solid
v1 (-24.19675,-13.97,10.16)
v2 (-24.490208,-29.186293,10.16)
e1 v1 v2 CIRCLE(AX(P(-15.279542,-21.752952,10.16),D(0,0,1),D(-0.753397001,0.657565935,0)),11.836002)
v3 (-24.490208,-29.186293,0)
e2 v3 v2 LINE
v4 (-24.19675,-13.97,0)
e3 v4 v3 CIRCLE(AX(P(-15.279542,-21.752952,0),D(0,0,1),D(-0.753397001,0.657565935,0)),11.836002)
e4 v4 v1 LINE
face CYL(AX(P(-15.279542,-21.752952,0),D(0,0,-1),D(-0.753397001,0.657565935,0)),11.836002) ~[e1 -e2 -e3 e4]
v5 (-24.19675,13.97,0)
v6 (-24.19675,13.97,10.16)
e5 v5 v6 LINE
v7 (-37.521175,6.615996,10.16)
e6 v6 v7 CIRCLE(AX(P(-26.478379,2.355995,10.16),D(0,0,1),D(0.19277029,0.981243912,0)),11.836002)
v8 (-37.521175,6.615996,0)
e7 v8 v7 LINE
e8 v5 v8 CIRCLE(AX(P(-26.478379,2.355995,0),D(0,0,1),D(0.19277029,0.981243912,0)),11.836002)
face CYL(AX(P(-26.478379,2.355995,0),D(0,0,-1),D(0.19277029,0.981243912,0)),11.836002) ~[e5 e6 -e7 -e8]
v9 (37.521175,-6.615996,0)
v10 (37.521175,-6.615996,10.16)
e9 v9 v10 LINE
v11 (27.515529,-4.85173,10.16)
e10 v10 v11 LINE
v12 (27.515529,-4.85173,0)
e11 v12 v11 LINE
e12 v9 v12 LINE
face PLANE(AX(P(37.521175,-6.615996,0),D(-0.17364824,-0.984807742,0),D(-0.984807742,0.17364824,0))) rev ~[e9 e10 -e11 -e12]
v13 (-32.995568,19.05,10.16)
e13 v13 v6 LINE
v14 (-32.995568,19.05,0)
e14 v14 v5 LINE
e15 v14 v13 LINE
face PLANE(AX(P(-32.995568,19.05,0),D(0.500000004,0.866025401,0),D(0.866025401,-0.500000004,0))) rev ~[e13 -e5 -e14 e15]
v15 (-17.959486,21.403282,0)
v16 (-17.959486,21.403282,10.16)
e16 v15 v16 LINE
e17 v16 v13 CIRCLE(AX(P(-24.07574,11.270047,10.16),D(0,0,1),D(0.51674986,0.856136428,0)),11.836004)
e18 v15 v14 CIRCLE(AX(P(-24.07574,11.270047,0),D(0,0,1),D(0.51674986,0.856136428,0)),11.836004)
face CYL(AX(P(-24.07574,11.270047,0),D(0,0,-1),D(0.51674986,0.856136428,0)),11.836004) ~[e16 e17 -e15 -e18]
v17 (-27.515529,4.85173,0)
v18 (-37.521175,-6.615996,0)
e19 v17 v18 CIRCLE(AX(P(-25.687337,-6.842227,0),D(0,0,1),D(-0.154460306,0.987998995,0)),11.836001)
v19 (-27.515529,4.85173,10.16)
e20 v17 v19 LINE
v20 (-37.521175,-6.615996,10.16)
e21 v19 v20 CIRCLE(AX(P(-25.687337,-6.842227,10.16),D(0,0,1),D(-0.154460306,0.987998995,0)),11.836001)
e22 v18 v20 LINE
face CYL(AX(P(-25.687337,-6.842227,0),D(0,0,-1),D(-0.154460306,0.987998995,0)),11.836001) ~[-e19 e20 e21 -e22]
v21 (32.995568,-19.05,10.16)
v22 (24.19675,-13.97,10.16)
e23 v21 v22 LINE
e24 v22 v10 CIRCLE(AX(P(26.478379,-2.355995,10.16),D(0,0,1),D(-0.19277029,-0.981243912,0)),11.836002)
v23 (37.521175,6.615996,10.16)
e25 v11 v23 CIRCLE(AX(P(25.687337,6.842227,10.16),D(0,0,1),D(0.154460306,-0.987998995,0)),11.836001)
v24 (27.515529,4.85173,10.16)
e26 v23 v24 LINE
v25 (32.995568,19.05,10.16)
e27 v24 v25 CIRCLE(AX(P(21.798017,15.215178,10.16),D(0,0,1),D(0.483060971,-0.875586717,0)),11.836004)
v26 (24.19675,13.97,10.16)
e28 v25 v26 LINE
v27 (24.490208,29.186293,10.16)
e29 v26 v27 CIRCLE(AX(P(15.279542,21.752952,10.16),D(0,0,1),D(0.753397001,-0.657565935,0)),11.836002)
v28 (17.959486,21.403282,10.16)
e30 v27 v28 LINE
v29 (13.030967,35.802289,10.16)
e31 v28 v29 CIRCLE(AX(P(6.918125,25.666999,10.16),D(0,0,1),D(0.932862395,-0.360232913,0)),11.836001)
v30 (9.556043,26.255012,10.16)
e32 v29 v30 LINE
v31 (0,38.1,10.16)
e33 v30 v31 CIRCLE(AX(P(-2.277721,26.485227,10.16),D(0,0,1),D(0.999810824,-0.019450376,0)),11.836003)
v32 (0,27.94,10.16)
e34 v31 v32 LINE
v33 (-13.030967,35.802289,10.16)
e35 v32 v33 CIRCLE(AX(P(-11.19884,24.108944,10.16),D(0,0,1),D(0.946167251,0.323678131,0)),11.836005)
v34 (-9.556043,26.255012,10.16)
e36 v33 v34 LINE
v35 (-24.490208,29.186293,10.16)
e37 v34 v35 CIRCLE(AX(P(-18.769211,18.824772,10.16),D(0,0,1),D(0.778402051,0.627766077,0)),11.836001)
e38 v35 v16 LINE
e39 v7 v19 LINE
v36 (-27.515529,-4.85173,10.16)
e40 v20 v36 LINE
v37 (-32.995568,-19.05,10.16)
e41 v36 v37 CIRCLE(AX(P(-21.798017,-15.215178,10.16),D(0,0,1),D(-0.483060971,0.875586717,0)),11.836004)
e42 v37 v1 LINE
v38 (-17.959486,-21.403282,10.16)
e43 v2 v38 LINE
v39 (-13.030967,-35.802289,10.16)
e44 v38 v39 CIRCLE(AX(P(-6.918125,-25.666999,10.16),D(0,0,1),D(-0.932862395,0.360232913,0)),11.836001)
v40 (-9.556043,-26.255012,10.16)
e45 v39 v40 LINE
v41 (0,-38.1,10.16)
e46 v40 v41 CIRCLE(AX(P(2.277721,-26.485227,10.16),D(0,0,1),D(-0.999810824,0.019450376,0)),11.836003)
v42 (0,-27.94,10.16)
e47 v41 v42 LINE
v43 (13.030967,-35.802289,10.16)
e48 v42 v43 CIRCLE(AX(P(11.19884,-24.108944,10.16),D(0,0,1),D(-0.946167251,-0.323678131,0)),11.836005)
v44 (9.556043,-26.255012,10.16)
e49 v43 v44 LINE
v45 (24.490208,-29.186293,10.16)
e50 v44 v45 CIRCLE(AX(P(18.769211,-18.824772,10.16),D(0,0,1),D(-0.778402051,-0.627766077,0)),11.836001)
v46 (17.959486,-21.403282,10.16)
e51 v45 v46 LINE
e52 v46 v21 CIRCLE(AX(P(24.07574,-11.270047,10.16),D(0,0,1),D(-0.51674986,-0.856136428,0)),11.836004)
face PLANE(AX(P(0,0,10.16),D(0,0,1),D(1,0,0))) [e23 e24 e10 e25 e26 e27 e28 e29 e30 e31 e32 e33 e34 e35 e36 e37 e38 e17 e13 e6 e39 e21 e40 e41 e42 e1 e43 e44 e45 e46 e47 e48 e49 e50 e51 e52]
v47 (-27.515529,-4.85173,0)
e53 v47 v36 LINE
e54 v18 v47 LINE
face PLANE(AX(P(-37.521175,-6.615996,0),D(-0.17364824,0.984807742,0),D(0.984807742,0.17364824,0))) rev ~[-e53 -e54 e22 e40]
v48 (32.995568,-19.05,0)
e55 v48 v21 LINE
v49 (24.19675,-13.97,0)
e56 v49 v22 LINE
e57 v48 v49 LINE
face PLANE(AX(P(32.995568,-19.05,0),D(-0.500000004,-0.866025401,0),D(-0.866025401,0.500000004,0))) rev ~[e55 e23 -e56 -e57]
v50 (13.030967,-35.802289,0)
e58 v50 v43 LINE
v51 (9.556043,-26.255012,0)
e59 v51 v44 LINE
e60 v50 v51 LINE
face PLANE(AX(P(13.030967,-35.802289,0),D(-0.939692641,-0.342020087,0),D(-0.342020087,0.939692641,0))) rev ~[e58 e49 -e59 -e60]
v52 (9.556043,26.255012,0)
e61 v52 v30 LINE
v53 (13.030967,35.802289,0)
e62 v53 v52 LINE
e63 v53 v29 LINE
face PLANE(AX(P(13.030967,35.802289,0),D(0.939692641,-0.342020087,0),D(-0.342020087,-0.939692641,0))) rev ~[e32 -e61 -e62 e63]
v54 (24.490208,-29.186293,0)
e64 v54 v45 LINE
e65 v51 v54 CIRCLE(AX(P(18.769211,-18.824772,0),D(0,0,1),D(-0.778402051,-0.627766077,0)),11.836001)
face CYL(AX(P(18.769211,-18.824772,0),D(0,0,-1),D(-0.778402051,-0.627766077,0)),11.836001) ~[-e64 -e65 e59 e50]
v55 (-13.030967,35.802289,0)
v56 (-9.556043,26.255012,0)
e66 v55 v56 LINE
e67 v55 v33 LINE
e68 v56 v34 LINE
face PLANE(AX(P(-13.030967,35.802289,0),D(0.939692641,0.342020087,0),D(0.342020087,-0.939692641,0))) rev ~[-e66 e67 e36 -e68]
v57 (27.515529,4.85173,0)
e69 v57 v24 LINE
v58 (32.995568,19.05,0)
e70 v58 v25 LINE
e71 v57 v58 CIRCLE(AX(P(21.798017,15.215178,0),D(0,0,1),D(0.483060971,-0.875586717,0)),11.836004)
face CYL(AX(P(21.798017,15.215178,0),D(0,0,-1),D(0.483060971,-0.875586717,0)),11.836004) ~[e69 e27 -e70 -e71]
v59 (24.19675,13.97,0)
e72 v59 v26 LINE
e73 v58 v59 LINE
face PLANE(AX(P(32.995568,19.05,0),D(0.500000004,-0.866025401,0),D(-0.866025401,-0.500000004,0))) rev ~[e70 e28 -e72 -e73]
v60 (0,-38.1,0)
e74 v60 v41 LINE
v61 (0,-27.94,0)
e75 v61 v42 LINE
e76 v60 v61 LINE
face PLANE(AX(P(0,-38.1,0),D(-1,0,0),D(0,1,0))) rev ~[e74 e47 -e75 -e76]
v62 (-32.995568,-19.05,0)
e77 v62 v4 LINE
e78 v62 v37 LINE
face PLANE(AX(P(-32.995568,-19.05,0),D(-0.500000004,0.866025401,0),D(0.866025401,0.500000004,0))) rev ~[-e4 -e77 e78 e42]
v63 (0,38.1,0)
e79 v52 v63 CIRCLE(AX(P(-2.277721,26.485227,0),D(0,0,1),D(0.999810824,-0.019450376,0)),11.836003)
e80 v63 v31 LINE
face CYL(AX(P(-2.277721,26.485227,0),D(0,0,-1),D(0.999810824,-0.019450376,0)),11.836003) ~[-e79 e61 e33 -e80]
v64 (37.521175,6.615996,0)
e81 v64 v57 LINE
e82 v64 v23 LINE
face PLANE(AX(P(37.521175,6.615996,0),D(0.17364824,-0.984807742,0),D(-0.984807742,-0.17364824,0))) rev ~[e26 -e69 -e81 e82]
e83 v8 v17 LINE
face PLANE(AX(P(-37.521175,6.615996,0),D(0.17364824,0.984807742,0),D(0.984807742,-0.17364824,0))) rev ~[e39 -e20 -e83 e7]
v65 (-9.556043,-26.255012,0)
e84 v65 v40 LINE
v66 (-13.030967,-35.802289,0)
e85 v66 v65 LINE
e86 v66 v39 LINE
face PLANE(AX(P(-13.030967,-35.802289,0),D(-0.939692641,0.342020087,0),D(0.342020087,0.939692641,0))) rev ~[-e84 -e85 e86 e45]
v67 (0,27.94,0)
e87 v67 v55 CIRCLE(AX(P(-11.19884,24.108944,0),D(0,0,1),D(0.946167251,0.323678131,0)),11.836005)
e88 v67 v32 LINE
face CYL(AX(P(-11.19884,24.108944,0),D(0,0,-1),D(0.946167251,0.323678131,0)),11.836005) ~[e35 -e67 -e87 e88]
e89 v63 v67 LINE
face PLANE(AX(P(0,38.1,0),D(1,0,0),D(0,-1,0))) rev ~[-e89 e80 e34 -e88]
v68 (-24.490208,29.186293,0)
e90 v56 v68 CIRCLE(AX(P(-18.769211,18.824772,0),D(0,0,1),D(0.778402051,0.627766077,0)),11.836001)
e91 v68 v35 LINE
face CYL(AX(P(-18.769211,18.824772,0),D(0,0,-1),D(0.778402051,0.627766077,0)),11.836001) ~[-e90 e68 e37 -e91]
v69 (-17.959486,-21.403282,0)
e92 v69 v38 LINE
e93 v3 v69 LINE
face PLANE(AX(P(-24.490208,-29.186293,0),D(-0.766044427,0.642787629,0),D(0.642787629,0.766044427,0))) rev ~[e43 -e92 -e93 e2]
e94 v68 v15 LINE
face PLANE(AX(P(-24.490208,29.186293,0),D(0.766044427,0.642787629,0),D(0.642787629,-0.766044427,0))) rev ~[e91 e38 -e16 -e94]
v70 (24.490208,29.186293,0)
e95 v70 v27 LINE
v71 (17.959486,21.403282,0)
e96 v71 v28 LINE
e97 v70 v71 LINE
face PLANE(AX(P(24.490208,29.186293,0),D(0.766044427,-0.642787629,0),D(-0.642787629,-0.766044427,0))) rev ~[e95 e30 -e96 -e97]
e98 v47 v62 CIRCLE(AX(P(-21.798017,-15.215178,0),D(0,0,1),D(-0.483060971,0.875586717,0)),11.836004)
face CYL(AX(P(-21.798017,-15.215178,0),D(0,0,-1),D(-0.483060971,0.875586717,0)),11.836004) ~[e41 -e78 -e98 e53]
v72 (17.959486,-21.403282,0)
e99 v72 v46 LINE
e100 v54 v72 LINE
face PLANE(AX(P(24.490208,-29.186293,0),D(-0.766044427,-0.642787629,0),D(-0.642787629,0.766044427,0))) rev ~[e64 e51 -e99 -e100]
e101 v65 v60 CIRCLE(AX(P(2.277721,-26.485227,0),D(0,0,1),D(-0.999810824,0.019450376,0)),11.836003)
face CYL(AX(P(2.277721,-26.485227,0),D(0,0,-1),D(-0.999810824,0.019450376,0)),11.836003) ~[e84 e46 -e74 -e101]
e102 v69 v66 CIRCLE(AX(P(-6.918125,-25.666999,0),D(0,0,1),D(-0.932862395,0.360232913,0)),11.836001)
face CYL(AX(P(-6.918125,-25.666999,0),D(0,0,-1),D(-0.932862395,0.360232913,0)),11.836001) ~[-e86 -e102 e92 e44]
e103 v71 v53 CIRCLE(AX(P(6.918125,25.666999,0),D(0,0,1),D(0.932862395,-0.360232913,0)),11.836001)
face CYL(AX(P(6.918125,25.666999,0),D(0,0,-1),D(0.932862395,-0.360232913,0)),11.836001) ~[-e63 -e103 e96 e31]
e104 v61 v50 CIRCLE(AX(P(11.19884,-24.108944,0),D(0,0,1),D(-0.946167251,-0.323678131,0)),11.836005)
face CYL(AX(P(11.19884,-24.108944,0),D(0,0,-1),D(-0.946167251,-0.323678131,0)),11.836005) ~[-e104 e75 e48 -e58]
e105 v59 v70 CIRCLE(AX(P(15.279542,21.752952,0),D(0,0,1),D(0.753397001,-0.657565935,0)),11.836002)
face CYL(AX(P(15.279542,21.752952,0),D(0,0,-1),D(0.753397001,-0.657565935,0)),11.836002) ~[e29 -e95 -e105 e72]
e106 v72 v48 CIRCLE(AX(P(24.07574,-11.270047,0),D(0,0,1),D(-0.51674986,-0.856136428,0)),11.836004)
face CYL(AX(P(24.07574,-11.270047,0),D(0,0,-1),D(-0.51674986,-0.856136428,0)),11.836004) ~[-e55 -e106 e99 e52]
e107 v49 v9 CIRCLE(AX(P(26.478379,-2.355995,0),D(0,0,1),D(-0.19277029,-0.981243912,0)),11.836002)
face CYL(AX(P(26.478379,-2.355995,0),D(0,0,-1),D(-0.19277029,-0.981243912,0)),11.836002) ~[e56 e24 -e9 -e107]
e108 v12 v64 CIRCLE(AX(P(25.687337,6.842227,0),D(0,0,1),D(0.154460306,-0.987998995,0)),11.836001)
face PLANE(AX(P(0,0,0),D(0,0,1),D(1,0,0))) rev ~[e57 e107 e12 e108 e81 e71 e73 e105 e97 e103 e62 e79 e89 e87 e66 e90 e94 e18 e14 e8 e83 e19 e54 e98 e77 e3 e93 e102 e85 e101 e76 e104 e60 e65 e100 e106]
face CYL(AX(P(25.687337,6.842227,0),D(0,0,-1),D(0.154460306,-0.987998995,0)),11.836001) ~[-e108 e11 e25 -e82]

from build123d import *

# Parameters (mm, degrees)
F1_DEPTH = 10.16


with BuildPart() as f1:
    # F0 (on Top) → F1 (new body)
    with BuildSketch(Plane.XY):
        with BuildLine():
            ThreePointArc((9.556043, 26.255012), (6.934197, 33.917019), (0, 38.1))
            Line((0, 38.1), (0, 27.94))
            ThreePointArc((0, 27.94), (-5.08429, 34.243207), (-13.030967, 35.802289))
            Line((-13.030967, 35.802289), (-9.556043, 26.255012))
            ThreePointArc((-9.556043, 26.255012), (-16.489536, 30.43916), (-24.490208, 29.186293))
            Line((-24.490208, 29.186293), (-17.959486, 21.403282))
            ThreePointArc((-17.959486, 21.403282), (-25.905901, 22.9637), (-32.995568, 19.05))
            Line((-32.995568, 19.05), (-24.19675, 13.97))
            ThreePointArc((-24.19675, 13.97), (-32.197632, 12.71848), (-37.521175, 6.615996))
            Line((-37.521175, 6.615996), (-27.515529, 4.85173))
            ThreePointArc((-27.515529, 4.85173), (-34.605854, 0.939223), (-37.521175, -6.615996))
            Line((-37.521175, -6.615996), (-27.515529, -4.85173))
            ThreePointArc((-27.515529, -4.85173), (-32.840098, -10.953318), (-32.995568, -19.05))
            Line((-32.995568, -19.05), (-24.19675, -13.97))
            ThreePointArc((-24.19675, -13.97), (-27.113343, -21.524728), (-24.490208, -29.186293))
            Line((-24.490208, -29.186293), (-17.959486, -21.403282))
            ThreePointArc((-17.959486, -21.403282), (-18.116318, -29.499937), (-13.030967, -35.802289))
            Line((-13.030967, -35.802289), (-9.556043, -26.255012))
            ThreePointArc((-9.556043, -26.255012), (-6.934197, -33.917019), (0, -38.1))
            Line((0, -38.1), (0, -27.94))
            ThreePointArc((0, -27.94), (5.08429, -34.243207), (13.030967, -35.802289))
            Line((13.030967, -35.802289), (9.556043, -26.255012))
            ThreePointArc((9.556043, -26.255012), (16.489536, -30.43916), (24.490208, -29.186293))
            Line((24.490208, -29.186293), (17.959486, -21.403282))
            ThreePointArc((17.959486, -21.403282), (25.905901, -22.9637), (32.995568, -19.05))
            Line((32.995568, -19.05), (24.19675, -13.97))
            ThreePointArc((24.19675, -13.97), (32.197632, -12.71848), (37.521175, -6.615996))
            Line((37.521175, -6.615996), (27.515529, -4.85173))
            ThreePointArc((27.515529, -4.85173), (34.605854, -0.939223), (37.521175, 6.615996))
            Line((37.521175, 6.615996), (27.515529, 4.85173))
            ThreePointArc((27.515529, 4.85173), (32.840098, 10.953318), (32.995568, 19.05))
            Line((32.995568, 19.05), (24.19675, 13.97))
            ThreePointArc((24.19675, 13.97), (27.113343, 21.524728), (24.490208, 29.186293))
            Line((24.490208, 29.186293), (17.959486, 21.403282))
            ThreePointArc((17.959486, 21.403282), (18.116318, 29.499937), (13.030967, 35.802289))
            Line((13.030967, 35.802289), (9.556043, 26.255012))
        make_face()
    extrude(amount=F1_DEPTH)


solid = f1.part
